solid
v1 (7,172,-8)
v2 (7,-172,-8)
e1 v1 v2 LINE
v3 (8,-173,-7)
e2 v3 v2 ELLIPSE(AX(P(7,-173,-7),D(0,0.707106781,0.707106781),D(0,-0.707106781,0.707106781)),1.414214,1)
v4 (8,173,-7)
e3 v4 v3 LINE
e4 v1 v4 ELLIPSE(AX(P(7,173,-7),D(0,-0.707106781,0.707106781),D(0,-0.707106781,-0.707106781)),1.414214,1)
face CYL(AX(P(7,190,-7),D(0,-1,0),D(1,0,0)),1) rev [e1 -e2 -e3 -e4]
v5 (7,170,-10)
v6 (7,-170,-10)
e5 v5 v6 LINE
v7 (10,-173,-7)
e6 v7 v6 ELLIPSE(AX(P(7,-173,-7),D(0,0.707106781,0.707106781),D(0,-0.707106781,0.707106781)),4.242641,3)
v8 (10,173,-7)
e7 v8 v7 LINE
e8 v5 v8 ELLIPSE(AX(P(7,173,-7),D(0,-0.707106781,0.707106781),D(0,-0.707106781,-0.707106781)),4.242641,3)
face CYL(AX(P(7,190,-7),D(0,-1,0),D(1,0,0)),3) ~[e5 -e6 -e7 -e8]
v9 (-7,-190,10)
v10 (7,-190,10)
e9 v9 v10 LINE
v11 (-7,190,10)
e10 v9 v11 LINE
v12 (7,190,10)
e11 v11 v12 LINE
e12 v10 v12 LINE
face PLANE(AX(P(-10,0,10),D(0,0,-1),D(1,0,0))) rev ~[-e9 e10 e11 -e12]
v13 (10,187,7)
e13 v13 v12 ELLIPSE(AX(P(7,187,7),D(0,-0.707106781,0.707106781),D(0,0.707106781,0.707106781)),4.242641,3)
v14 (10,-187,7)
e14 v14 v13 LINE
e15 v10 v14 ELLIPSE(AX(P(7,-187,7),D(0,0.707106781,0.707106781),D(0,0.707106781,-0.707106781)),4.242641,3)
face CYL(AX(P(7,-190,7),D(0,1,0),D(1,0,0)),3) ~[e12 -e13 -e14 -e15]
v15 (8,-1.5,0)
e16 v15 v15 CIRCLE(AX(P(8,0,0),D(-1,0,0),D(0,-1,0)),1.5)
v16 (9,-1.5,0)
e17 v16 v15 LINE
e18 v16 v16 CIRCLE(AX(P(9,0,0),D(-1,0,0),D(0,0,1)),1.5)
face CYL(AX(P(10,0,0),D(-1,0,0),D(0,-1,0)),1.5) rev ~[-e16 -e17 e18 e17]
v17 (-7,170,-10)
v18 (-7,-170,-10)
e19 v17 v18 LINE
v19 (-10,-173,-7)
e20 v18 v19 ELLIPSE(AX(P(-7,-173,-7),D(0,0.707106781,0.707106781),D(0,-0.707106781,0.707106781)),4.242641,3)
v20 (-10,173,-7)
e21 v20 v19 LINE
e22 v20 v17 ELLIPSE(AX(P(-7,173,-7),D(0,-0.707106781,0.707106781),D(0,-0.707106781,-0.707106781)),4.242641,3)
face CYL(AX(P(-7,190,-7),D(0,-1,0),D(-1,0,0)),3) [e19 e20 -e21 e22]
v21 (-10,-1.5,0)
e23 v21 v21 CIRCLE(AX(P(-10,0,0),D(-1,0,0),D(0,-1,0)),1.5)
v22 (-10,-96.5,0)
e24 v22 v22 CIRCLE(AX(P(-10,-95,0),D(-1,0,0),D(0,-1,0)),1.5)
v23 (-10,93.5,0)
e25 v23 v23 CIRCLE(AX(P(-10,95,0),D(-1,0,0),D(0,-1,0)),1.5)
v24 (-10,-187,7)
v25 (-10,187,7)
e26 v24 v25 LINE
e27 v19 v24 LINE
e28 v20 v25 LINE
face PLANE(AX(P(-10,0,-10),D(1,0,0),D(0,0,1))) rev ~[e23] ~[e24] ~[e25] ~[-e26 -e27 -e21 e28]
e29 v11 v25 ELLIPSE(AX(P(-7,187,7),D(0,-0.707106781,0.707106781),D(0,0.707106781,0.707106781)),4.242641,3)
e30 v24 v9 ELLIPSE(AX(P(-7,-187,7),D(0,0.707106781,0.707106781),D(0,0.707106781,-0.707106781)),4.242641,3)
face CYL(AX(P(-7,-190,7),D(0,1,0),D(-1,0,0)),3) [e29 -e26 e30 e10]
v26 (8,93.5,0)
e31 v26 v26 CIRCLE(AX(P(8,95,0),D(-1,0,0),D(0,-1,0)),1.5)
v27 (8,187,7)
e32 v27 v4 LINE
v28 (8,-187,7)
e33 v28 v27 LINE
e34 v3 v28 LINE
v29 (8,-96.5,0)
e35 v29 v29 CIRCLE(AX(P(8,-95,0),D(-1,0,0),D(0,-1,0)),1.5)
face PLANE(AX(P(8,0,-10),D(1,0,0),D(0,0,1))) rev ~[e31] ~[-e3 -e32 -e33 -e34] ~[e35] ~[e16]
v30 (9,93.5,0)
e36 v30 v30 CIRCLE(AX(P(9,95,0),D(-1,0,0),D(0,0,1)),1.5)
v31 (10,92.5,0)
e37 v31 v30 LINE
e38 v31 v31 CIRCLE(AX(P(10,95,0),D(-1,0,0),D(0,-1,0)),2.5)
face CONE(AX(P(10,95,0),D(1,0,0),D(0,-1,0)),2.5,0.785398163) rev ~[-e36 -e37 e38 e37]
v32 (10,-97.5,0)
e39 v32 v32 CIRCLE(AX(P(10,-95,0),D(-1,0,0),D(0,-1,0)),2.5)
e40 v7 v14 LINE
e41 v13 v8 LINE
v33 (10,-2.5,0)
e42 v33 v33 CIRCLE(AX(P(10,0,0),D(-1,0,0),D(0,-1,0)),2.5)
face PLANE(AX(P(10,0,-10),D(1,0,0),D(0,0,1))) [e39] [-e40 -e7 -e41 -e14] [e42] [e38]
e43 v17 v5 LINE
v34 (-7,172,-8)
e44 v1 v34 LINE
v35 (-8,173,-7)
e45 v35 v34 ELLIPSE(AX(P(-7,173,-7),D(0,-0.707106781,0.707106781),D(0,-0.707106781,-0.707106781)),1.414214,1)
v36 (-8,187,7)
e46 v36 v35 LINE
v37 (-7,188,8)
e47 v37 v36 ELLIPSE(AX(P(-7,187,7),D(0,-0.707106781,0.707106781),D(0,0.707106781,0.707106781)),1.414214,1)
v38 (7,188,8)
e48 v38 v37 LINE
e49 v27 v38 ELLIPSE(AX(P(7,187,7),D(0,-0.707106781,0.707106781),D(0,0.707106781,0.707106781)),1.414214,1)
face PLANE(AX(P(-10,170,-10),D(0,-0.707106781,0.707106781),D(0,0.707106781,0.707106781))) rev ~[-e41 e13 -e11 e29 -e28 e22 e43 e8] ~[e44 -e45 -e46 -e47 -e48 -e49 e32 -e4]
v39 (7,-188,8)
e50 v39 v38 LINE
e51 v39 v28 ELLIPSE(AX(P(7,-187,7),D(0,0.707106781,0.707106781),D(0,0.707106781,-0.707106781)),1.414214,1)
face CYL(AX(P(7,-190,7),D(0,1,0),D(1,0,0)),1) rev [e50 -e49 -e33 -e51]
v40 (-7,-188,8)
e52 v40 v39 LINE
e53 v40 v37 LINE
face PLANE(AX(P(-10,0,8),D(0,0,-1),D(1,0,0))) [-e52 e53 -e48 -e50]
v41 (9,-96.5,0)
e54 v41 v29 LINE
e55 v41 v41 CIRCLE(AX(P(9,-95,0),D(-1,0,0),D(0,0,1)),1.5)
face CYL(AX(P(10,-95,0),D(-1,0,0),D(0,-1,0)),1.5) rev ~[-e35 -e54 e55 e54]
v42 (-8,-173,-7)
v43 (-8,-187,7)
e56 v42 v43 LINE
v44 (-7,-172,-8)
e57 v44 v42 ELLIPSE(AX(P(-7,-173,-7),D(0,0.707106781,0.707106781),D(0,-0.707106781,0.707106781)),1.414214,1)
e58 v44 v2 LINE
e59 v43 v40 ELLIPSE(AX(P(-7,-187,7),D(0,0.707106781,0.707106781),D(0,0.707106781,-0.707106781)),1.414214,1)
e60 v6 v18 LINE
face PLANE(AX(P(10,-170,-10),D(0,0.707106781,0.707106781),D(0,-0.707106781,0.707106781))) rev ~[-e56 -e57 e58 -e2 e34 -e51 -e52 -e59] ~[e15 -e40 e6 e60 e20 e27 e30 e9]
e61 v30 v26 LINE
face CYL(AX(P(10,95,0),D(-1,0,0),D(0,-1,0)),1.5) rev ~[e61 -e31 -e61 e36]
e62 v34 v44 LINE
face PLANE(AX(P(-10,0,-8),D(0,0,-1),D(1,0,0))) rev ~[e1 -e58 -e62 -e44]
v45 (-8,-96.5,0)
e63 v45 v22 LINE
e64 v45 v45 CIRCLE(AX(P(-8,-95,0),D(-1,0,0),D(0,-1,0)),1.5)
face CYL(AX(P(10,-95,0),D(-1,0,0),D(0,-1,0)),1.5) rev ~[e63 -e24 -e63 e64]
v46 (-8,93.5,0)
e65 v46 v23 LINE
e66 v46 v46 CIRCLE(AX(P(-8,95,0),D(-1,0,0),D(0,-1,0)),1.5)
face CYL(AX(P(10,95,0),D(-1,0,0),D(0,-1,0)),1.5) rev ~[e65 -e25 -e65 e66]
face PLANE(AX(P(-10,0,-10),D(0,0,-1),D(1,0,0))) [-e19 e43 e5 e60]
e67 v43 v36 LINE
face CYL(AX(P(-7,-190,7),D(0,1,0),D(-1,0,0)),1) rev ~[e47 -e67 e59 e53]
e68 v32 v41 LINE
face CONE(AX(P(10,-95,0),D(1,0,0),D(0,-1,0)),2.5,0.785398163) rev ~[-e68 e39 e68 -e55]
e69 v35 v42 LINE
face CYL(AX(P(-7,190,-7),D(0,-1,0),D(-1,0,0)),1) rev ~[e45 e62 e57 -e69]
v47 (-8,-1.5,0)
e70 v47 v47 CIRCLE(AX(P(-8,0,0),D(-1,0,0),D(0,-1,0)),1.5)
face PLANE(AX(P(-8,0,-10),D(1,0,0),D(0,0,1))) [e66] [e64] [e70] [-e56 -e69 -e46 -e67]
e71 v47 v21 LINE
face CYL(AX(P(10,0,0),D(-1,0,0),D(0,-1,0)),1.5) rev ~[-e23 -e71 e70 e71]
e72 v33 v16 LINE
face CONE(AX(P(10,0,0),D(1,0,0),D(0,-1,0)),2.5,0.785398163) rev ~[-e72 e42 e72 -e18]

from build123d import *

# Parameters (mm, degrees)
F2_W            = 20
F2_H            = 20
F3_DEPTH        = 190
F4_R            = 3
F5_T            = -2
F7_DEPTH        = 20.001
F9_DEPTH        = 20.001
F11_D           = 3
F11_CSINK_D     = 5
F11_CSINK_ANGLE = 90


with BuildPart() as f3:
    # F2 (on Front) → F3 (new body, symmetric)
    with BuildSketch(Plane.XZ):
        Rectangle(F2_W, F2_H)
    extrude(amount=F3_DEPTH, both=True)

    # F4
    f4_edges = [f3.edges().sort_by_distance(p)[0] for p in [
        (10, 0, 10),
        (-10, 0, 10),
        (10, 0, -10),
        (-10, 0, -10),
    ]]
    fillet(f4_edges, radius=F4_R)

    # F5
    f5_openings = [f3.faces().sort_by_distance(p)[0] for p in [
        (0, -190, 0),
        (0, 190, 0),
    ]]
    offset(amount=F5_T, openings=f5_openings)

    # F6 (on face) → F7 (cut, through all)
    with BuildSketch(Plane(origin=(-10, 0, 0), x_dir=(0, -1, 0), z_dir=(-1, 0, 0))):
        Polygon((-190, 10), (-190, -10), (-170, -10), align=None)
    extrude(amount=-F7_DEPTH, mode=Mode.SUBTRACT)

    # F8 (on face) → F9 (cut, through all)
    with BuildSketch(Plane.YZ.offset(10)):
        Polygon((-190, -10), (-170, -10), (-190, 10), align=None)
    extrude(amount=-F9_DEPTH, mode=Mode.SUBTRACT)

    # F11 (through all)
    with Locations(Plane.YZ.offset(10)):
        with Locations((95, 0), (0, 0), (-95, 0)):
            CounterSinkHole(F11_D / 2, F11_CSINK_D / 2, counter_sink_angle=F11_CSINK_ANGLE)


solid = f3.part
